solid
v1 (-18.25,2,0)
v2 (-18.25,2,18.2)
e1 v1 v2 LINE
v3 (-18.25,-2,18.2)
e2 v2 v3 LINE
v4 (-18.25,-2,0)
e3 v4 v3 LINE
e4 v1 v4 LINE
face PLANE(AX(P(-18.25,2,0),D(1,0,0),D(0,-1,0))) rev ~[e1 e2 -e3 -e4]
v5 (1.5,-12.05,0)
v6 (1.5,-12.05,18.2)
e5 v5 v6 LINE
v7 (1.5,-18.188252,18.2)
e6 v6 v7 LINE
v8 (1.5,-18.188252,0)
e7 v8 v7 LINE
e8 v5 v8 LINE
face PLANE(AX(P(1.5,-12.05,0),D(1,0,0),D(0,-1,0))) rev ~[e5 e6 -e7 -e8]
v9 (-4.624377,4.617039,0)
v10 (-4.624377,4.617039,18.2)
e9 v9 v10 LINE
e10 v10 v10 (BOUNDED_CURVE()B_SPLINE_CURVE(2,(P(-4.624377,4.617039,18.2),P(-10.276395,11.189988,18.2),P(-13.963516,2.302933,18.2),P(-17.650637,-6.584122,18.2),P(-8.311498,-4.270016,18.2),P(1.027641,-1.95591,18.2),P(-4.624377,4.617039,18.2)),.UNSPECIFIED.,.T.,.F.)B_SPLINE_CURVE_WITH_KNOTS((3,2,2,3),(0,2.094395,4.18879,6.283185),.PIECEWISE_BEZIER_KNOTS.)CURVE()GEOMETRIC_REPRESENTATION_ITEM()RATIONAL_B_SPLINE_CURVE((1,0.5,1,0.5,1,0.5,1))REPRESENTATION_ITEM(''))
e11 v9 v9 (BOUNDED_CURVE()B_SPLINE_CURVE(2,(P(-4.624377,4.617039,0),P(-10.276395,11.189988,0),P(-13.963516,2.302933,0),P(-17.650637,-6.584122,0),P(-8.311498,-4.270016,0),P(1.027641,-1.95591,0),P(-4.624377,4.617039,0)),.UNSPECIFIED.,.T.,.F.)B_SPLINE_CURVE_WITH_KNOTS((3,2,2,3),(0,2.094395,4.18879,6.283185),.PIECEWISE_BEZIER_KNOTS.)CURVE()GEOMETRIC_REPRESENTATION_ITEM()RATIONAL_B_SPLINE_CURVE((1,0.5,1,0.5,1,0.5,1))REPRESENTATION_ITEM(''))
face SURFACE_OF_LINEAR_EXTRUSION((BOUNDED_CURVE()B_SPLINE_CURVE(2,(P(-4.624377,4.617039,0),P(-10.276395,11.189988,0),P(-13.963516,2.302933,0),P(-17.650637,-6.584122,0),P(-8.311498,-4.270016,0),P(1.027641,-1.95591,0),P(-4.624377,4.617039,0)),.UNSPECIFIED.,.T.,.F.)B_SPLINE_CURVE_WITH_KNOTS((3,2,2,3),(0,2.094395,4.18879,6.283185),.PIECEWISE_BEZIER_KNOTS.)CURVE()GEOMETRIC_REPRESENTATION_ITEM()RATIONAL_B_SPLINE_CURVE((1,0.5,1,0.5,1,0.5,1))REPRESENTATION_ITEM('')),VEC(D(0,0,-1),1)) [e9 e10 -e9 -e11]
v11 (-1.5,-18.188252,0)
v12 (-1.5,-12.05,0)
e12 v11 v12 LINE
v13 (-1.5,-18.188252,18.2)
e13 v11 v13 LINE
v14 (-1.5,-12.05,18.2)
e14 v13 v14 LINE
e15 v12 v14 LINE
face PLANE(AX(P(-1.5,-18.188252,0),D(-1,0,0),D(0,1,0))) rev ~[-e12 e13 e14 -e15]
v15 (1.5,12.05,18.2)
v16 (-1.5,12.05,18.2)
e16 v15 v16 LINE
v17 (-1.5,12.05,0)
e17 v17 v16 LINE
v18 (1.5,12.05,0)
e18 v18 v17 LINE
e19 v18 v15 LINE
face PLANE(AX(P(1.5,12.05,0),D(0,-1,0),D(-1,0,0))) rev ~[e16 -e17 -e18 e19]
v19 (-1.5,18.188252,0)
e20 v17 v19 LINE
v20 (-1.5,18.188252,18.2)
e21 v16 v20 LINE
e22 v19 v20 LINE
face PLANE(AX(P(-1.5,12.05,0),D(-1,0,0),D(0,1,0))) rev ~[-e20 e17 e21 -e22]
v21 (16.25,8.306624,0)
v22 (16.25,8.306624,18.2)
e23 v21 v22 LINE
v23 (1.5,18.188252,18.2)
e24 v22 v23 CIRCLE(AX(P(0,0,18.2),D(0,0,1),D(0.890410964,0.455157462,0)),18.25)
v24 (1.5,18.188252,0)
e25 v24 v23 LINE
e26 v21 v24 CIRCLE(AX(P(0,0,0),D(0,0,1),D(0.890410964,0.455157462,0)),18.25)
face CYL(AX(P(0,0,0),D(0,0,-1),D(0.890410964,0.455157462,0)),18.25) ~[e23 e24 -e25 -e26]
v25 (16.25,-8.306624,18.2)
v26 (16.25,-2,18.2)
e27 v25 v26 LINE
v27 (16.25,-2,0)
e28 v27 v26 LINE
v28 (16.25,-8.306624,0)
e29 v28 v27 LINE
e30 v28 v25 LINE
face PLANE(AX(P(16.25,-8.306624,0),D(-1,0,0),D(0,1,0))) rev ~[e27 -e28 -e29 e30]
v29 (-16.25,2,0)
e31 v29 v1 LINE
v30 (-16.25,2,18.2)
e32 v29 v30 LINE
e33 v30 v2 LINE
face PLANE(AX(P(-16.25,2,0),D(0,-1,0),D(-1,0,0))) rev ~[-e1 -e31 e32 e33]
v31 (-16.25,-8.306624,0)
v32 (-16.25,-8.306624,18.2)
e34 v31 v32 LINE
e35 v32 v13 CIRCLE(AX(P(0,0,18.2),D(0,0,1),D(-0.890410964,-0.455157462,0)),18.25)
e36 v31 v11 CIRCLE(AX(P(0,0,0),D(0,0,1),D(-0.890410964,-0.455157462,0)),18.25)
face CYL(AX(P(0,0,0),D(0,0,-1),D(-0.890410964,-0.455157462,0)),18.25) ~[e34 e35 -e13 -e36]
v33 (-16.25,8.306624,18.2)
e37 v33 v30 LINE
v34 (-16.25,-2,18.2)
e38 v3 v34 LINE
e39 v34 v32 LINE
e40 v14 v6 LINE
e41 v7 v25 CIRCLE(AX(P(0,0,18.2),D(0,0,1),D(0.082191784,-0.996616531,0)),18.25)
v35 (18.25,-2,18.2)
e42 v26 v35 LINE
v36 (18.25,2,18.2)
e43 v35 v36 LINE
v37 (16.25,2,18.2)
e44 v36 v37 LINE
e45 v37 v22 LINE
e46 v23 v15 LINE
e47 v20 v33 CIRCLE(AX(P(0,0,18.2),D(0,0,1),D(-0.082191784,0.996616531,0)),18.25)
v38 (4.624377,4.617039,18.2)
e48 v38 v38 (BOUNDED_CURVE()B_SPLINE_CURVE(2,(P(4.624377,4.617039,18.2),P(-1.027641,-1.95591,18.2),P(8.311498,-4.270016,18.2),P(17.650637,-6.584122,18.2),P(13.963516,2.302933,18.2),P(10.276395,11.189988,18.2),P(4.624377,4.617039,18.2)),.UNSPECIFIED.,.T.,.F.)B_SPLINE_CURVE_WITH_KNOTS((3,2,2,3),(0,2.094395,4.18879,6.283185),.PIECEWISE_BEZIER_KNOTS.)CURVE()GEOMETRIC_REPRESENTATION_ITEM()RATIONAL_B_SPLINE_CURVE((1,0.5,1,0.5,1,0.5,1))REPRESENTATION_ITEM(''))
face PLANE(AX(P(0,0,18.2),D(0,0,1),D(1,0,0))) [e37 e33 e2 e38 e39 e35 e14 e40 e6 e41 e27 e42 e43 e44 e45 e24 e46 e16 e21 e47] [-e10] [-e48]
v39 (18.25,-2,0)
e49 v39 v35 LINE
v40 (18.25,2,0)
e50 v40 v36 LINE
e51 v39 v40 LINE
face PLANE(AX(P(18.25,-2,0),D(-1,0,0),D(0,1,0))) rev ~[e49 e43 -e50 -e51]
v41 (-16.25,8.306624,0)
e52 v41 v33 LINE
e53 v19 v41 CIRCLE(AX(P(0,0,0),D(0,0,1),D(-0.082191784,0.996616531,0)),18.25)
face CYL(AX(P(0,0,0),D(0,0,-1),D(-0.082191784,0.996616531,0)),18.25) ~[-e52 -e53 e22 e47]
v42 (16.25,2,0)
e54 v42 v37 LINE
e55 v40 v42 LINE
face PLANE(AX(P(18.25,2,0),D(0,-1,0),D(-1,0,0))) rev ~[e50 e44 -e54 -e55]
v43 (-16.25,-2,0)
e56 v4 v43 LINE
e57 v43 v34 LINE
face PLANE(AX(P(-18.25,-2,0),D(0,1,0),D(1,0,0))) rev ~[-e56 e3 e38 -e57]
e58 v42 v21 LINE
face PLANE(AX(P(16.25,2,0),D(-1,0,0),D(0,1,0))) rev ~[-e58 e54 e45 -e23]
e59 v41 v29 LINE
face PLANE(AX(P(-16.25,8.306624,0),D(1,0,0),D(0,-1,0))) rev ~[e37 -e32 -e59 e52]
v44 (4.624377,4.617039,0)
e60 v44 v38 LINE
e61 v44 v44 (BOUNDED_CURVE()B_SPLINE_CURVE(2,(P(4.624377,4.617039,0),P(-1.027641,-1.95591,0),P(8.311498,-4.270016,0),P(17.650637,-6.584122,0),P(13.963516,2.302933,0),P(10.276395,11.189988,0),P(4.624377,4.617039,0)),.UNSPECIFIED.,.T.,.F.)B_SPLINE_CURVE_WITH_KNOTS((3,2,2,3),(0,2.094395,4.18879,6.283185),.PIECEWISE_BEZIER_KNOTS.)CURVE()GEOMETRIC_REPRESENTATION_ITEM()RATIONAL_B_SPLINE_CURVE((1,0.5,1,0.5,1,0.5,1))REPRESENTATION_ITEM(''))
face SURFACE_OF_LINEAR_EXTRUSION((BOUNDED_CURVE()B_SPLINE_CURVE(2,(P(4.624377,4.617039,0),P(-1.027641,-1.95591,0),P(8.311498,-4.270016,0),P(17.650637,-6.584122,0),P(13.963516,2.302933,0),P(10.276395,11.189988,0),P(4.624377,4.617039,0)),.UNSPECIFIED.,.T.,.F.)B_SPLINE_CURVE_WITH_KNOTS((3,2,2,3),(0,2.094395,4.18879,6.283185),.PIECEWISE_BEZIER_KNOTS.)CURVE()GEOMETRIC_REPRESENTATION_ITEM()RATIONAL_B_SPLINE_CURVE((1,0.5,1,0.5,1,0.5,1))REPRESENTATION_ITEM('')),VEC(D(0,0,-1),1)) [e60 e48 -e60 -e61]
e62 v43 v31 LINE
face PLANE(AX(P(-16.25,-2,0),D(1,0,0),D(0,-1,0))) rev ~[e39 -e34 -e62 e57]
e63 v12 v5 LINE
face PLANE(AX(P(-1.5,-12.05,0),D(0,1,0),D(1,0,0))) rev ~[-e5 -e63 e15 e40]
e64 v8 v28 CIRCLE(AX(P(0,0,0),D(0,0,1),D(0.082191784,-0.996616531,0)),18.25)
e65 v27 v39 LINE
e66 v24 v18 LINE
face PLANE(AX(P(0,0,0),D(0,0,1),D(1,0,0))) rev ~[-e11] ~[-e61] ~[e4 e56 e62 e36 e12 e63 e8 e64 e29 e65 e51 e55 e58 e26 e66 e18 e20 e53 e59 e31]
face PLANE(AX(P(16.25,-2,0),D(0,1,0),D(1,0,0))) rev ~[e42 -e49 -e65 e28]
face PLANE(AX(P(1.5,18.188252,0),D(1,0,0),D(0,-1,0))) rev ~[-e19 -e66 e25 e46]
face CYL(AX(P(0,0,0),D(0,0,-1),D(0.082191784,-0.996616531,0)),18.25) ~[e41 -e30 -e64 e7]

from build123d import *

# Parameters (mm, degrees)
F1_DEPTH = 18.2


with BuildPart() as f1:
    # F0 (on Top) → F1 (new body)
    with BuildSketch(Plane.XY):
        with BuildLine():
            Line((16.25, 2), (16.25, 8.306624))
            ThreePointArc((16.25, 8.306624), (10.157621, 15.161967), (1.5, 18.188252))
            Line((1.5, 18.188252), (1.5, 12.05))
            Line((1.5, 12.05), (0, 12.05))
            Line((0, 12.05), (-1.5, 12.05))
            Line((-1.5, 12.05), (-1.5, 18.188252))
            ThreePointArc((-1.5, 18.188252), (-10.157621, 15.161967), (-16.25, 8.306624))
            Line((-16.25, 8.306624), (-16.25, 2))
            Line((-16.25, 2), (-18.25, 2))
            Line((-18.25, 2), (-18.25, 0))
            Line((-18.25, 0), (-18.25, -2))
            Line((-18.25, -2), (-16.25, -2))
            Line((-16.25, -2), (-16.25, -8.306624))
            ThreePointArc((-16.25, -8.306624), (-10.157621, -15.161967), (-1.5, -18.188252))
            Line((-1.5, -18.188252), (-1.5, -12.05))
            Line((-1.5, -12.05), (0, -12.05))
            Line((0, -12.05), (1.5, -12.05))
            Line((1.5, -12.05), (1.5, -18.188252))
            ThreePointArc((1.5, -18.188252), (10.157621, -15.161967), (16.25, -8.306624))
            Line((16.25, -8.306624), (16.25, -2))
            Line((16.25, -2), (18.25, -2))
            Line((18.25, -2), (18.25, 0))
            Line((18.25, 0), (18.25, 2))
            Line((18.25, 2), (16.25, 2))
        make_face()
        with BuildLine():
            add(Edge.make_bspline(
                [(-4.624377, 4.617039), (-10.276395, 11.189988), (-13.963516, 2.302933), (-17.650637, -6.584122), (-8.311498, -4.270016), (1.027641, -1.95591), (-4.624377, 4.617039)],
                knots=[0, 0, 0, 2.094395, 2.094395, 4.18879, 4.18879, 6.283185, 6.283185, 6.283185], degree=2, weights=[1, 0.5, 1, 0.5, 1, 0.5, 1]))
        make_face(mode=Mode.SUBTRACT)
        with BuildLine():
            add(Edge.make_bspline(
                [(4.624377, 4.617039), (-1.027641, -1.95591), (8.311498, -4.270016), (17.650637, -6.584122), (13.963516, 2.302933), (10.276395, 11.189988), (4.624377, 4.617039)],
                knots=[0, 0, 0, 2.094395, 2.094395, 4.18879, 4.18879, 6.283185, 6.283185, 6.283185], degree=2, weights=[1, 0.5, 1, 0.5, 1, 0.5, 1]))
        make_face(mode=Mode.SUBTRACT)
    extrude(amount=F1_DEPTH)


solid = f1.part
